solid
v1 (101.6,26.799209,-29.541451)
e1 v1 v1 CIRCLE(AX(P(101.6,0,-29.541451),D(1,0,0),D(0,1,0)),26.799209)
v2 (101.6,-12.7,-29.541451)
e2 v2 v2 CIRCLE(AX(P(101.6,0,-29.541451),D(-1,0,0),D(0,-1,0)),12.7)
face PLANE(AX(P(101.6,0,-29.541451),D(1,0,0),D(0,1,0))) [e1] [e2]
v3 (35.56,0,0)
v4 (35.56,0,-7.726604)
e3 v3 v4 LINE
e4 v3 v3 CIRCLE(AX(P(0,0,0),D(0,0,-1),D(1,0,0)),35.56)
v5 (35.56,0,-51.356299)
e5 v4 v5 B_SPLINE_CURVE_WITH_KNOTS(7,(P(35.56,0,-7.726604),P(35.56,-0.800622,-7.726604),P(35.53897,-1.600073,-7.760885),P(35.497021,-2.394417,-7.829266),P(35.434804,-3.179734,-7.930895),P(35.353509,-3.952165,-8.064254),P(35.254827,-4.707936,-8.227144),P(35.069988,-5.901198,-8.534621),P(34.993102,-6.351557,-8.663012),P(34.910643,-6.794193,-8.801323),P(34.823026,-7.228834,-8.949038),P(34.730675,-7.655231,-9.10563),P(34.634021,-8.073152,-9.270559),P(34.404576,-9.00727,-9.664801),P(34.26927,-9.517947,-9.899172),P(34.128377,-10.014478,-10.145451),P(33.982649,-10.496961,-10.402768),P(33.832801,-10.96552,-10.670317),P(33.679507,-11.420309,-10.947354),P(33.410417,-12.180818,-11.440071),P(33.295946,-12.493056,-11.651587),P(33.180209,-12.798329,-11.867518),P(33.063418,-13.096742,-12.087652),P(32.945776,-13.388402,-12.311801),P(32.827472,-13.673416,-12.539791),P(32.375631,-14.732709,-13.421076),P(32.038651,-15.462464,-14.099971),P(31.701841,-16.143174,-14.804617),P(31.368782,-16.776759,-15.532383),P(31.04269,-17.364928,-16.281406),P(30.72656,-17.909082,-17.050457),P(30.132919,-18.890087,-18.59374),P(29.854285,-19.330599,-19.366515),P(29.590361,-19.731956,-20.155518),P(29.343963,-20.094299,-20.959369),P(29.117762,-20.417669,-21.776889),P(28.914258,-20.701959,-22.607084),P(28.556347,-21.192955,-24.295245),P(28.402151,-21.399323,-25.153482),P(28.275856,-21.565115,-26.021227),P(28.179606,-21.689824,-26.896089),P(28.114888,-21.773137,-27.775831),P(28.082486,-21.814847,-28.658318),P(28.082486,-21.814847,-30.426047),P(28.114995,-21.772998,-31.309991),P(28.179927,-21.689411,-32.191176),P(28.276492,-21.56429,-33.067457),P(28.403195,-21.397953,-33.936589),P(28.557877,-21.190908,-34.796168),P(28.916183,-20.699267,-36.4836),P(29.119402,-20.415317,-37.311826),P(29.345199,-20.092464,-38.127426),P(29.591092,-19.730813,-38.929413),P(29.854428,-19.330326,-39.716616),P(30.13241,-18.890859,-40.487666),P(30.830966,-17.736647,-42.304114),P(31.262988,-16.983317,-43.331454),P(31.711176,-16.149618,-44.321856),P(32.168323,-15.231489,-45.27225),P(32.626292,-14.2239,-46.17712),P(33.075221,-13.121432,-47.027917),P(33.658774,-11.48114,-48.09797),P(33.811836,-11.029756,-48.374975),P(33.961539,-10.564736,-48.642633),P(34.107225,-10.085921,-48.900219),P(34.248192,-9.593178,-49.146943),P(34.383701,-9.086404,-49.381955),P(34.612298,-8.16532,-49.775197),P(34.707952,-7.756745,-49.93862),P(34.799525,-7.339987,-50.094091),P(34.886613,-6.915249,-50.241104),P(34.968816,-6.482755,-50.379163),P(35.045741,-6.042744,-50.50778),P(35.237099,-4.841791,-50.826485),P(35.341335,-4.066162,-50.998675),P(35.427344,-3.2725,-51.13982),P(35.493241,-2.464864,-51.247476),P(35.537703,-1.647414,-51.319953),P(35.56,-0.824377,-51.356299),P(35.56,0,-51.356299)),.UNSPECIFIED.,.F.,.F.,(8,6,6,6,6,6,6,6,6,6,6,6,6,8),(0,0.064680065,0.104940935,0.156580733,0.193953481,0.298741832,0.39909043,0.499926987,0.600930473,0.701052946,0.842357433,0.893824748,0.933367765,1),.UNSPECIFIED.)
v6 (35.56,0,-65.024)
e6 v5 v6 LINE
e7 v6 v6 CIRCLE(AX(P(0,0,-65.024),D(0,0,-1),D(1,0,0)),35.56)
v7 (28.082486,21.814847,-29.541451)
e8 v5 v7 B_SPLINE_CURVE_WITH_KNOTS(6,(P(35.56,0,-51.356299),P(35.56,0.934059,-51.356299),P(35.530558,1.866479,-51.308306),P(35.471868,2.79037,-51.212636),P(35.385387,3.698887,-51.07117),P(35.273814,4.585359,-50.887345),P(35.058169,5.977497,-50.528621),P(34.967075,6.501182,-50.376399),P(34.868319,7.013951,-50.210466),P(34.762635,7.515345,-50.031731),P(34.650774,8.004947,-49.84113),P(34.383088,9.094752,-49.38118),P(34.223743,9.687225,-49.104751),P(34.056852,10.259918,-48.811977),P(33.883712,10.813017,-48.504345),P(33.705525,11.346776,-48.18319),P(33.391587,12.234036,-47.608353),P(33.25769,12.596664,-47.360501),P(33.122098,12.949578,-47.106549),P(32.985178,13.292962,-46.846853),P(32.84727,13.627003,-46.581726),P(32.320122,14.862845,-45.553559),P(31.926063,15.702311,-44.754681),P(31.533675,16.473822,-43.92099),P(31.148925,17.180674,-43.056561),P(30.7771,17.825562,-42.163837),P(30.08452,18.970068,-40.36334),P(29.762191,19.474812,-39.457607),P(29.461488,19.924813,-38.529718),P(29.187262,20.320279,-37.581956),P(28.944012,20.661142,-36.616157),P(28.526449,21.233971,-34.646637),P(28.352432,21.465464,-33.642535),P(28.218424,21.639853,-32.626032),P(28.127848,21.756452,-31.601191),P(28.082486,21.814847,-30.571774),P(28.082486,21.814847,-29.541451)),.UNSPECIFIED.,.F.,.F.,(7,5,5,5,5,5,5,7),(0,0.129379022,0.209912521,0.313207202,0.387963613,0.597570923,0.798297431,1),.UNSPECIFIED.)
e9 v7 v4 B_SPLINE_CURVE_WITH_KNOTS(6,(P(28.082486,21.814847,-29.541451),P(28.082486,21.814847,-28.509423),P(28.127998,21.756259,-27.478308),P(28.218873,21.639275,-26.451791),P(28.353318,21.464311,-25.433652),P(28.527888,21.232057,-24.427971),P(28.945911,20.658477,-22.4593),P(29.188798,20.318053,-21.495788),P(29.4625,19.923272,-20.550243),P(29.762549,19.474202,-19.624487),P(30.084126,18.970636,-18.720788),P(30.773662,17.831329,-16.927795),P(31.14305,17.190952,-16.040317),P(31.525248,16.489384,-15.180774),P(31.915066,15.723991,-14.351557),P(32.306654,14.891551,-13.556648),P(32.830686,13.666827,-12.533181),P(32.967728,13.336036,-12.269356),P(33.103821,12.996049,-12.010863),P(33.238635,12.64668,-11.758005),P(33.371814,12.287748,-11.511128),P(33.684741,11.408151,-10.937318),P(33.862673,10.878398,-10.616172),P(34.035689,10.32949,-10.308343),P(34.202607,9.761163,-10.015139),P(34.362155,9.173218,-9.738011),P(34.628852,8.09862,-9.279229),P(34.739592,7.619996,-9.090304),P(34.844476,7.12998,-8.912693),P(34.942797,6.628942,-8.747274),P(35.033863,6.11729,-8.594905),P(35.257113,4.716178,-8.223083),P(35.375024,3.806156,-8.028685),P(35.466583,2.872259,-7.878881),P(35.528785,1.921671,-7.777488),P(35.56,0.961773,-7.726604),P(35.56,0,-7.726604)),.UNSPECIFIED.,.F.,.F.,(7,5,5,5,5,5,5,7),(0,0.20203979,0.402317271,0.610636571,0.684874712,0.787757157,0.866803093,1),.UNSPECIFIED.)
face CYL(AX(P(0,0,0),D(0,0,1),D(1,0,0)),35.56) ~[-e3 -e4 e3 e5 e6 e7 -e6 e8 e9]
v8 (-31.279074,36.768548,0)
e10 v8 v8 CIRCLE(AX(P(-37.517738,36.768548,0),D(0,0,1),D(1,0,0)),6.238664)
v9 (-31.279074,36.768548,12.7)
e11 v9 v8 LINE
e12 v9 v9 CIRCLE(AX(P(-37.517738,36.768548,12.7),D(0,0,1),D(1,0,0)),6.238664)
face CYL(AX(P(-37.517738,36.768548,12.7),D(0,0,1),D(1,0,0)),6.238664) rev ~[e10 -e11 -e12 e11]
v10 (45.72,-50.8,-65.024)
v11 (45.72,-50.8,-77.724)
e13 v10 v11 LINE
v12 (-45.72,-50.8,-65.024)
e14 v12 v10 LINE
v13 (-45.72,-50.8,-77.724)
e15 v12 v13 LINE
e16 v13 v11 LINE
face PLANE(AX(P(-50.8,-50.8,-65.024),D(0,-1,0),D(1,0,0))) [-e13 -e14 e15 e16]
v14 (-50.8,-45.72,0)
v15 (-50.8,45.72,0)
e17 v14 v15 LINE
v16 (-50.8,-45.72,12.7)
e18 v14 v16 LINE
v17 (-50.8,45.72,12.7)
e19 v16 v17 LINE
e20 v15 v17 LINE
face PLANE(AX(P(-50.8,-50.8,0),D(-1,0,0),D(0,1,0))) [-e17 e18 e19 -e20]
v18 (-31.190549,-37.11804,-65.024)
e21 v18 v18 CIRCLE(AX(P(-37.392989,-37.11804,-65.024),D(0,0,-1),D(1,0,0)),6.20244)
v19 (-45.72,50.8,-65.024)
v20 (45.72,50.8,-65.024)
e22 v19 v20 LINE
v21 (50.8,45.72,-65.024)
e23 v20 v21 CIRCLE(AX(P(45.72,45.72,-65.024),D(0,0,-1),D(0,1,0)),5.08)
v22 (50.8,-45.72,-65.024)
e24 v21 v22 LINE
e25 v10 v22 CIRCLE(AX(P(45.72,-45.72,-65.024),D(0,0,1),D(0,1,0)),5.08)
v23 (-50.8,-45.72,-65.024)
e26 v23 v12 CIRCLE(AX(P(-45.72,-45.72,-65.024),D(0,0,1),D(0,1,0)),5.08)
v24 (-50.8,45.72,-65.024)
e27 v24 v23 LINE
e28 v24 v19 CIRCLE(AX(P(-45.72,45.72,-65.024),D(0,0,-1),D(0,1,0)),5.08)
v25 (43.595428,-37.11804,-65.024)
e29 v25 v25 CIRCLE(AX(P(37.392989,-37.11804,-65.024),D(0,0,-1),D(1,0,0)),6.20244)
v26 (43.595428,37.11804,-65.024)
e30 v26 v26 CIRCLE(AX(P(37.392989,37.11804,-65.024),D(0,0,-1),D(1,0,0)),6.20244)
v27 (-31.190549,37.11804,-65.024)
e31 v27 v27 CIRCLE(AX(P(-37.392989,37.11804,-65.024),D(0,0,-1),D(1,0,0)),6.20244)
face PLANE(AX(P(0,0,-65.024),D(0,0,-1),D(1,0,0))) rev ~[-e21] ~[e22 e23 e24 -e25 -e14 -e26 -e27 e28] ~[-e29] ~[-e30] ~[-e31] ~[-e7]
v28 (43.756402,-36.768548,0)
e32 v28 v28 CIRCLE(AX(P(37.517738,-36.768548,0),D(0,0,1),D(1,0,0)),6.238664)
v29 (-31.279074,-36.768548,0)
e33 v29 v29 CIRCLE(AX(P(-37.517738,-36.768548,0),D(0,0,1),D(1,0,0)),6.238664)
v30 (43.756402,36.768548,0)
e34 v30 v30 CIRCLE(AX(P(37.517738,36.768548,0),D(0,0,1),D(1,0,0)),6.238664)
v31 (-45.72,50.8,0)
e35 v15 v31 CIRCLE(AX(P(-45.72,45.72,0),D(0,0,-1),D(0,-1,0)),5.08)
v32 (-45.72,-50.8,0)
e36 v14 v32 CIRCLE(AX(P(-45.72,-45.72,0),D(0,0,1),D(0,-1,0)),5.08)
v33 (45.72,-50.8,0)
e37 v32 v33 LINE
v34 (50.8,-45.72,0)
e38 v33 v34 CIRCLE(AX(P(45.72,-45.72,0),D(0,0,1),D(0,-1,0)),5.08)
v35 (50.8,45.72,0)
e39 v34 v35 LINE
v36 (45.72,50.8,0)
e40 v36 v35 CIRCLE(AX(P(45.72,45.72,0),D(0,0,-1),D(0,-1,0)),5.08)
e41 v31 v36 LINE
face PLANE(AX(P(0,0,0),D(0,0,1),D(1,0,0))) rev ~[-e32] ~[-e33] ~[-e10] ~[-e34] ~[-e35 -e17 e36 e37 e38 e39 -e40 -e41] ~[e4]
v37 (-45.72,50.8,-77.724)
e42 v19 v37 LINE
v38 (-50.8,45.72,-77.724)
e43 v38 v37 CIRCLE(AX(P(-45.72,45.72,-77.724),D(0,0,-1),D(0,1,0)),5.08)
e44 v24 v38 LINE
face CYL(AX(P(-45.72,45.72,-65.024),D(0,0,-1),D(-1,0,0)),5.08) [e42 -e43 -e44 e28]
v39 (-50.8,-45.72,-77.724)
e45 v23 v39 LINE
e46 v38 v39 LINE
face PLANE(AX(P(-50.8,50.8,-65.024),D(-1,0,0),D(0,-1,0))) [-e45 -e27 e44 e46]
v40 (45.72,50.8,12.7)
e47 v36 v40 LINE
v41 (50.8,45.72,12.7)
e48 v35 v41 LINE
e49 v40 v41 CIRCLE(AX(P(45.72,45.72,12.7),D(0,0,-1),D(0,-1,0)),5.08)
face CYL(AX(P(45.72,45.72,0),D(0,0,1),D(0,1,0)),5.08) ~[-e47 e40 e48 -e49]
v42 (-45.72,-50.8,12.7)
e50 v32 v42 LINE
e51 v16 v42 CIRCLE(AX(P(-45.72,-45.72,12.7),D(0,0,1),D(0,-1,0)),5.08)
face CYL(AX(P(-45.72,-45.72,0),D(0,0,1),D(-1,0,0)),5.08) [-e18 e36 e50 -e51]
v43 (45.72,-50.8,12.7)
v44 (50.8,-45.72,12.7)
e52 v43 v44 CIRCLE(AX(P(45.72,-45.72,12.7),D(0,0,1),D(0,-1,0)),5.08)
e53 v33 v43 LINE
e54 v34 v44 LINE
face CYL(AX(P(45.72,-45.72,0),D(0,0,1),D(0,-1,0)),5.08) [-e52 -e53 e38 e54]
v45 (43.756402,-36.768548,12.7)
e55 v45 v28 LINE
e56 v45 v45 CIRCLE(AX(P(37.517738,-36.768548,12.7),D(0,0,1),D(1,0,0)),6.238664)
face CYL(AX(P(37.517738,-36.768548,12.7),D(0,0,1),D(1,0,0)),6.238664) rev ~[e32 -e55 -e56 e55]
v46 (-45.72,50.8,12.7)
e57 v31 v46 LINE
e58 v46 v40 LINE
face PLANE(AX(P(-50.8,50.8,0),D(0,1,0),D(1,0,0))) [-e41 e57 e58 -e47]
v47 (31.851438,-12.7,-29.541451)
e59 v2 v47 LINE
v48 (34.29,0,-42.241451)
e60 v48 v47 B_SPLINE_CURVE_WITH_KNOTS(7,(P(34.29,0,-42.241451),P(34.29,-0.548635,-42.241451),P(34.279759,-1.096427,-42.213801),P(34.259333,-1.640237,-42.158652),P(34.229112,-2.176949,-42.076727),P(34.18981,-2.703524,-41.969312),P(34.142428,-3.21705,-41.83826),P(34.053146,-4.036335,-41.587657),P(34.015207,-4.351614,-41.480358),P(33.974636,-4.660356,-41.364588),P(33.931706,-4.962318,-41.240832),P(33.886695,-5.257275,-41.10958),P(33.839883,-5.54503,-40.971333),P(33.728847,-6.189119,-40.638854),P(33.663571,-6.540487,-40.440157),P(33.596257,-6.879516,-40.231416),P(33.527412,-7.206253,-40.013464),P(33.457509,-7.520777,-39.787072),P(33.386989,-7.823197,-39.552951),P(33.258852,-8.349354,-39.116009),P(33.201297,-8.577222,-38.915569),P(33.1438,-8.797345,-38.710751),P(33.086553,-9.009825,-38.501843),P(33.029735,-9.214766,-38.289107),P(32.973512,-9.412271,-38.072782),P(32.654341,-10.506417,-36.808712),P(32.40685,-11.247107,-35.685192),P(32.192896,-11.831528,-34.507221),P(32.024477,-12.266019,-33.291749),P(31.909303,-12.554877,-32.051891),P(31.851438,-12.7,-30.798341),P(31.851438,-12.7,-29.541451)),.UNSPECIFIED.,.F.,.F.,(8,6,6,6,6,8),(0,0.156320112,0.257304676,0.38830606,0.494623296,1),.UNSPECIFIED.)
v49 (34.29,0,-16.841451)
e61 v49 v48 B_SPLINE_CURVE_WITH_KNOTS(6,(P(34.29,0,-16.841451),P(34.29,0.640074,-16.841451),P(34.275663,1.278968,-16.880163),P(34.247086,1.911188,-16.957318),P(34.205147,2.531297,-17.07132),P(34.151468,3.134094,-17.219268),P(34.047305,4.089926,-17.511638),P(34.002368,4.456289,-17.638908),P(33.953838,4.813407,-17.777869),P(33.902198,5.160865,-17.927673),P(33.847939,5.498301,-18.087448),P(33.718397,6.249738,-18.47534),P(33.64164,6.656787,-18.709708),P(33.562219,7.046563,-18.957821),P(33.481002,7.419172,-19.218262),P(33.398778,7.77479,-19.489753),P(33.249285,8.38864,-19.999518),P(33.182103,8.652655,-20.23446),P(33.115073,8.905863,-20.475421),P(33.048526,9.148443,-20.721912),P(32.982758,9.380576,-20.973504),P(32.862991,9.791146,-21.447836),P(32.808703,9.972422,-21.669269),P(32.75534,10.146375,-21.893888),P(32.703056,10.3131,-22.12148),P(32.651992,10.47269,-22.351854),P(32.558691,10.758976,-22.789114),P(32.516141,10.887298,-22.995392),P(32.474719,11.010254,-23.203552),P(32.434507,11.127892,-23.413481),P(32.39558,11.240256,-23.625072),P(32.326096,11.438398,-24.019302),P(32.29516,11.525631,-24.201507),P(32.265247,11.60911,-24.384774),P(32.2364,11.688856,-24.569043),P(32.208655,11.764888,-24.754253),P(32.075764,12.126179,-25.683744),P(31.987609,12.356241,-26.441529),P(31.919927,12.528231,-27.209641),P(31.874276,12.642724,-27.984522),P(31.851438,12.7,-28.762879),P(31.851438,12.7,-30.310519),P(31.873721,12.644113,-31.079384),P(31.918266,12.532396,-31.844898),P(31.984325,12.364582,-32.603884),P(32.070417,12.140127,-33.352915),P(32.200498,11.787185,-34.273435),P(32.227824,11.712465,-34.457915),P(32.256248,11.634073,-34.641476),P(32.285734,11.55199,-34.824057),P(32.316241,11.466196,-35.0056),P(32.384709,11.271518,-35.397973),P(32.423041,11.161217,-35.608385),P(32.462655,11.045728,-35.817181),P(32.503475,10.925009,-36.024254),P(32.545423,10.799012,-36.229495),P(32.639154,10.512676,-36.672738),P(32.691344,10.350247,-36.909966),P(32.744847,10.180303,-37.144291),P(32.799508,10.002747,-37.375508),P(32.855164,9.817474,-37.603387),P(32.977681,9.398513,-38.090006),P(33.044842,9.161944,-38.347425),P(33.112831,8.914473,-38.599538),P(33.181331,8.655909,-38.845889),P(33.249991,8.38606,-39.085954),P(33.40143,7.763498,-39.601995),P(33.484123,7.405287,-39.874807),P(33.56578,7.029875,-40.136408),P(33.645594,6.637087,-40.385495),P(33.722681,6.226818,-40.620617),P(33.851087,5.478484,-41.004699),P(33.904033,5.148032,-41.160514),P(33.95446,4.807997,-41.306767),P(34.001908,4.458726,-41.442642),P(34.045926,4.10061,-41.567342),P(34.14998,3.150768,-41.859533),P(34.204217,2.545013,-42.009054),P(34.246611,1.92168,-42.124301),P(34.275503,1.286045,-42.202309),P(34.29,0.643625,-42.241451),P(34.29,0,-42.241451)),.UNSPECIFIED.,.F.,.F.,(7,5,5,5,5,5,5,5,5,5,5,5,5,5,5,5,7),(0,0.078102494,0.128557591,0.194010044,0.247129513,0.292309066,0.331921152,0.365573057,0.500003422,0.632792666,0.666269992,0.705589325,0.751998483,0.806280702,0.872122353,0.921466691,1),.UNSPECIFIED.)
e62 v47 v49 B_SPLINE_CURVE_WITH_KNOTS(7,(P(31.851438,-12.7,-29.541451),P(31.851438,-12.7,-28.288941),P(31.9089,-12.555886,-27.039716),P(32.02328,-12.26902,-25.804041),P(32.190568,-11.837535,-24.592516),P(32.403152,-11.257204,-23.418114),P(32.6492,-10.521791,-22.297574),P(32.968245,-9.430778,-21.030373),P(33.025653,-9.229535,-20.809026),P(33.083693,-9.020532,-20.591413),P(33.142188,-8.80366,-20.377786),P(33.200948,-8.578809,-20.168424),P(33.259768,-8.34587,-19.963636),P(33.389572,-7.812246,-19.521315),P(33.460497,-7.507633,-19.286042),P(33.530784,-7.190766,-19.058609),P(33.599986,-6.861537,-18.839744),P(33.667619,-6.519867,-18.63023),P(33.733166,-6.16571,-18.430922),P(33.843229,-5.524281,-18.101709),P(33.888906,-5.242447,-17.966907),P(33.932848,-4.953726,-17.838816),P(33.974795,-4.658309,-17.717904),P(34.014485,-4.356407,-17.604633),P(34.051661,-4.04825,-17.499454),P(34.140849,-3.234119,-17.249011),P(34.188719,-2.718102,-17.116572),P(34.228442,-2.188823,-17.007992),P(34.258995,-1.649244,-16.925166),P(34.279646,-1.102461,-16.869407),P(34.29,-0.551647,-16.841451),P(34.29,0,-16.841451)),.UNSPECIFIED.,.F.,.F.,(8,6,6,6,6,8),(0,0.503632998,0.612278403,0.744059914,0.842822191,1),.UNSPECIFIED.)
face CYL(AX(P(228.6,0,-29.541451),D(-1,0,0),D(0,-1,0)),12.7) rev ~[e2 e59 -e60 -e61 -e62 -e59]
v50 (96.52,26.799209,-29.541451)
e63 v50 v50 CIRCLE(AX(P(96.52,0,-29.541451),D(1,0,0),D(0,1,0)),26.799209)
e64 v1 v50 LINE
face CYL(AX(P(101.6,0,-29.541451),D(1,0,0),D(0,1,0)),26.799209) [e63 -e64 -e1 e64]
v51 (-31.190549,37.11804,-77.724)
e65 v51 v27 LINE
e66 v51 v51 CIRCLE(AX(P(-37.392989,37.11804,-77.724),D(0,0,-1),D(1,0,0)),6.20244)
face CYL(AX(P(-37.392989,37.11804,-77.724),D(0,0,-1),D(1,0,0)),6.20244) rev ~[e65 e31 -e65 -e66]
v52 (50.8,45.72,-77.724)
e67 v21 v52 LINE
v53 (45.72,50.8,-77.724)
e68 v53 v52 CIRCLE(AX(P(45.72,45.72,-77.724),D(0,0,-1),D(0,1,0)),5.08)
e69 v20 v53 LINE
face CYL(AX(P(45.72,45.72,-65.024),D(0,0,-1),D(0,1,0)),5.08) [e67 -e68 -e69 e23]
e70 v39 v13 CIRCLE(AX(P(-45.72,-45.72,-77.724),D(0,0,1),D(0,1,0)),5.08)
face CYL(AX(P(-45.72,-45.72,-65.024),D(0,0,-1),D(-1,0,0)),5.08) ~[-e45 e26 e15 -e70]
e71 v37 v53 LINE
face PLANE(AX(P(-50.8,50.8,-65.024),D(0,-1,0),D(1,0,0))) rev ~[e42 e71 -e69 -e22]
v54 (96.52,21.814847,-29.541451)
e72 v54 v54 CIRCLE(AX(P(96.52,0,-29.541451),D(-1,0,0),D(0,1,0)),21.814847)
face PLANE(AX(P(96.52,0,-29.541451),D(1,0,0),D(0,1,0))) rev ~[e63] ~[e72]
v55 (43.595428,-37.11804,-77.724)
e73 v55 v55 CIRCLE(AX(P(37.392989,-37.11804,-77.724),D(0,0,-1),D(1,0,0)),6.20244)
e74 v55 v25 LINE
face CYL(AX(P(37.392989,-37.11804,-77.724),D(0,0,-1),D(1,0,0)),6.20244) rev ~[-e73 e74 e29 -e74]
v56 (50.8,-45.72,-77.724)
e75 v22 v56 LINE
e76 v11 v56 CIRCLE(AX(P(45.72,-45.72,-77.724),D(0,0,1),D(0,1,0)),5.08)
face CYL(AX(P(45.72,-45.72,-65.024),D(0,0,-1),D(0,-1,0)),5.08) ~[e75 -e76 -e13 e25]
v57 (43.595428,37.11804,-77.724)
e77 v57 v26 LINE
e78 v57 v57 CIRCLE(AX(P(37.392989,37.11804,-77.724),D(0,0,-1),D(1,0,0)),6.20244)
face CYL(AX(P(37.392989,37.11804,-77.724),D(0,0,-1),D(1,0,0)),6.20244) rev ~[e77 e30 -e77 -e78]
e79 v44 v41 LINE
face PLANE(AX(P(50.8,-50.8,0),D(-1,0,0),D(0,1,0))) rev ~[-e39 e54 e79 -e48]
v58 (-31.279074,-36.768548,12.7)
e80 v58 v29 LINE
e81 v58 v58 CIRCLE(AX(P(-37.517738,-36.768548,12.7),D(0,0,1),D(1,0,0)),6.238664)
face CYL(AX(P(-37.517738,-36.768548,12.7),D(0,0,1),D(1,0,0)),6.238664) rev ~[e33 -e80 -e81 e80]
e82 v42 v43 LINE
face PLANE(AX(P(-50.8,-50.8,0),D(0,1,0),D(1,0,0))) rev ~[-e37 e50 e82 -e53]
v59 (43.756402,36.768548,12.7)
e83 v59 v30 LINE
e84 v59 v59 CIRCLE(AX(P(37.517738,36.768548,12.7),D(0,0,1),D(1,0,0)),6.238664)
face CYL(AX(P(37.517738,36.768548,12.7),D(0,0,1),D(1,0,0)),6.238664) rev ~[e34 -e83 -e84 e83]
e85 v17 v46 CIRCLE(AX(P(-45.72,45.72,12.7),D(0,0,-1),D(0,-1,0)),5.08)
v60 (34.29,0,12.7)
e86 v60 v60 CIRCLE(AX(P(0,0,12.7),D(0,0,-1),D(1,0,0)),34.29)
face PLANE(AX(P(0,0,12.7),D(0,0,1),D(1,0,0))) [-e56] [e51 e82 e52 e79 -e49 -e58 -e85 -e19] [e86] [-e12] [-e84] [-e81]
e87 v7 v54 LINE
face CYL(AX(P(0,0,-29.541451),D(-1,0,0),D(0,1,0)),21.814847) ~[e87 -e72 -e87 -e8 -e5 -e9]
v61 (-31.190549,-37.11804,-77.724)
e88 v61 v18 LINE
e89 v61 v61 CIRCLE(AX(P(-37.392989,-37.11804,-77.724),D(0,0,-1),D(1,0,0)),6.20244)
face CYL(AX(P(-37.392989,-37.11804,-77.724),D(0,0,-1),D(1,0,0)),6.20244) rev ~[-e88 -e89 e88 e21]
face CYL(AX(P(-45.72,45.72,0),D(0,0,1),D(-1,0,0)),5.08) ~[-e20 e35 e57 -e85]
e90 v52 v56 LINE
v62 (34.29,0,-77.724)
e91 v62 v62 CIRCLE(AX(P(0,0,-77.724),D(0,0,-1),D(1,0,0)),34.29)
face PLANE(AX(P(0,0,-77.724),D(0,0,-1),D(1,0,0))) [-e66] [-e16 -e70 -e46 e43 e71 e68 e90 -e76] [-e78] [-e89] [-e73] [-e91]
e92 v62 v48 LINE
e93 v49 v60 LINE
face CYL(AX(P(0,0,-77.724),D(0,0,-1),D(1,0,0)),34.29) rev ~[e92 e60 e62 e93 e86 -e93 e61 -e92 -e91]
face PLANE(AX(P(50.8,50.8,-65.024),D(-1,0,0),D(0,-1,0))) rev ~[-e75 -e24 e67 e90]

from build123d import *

# Parameters (mm, degrees)
F0_W      = 101.6
F0_H      = 101.6
F1_DEPTH  = 12.7
F2_R      = 35.56
F3_DEPTH  = 65.024
F4_W      = 101.6
F4_H      = 101.6
F4_R      = 35.56
F5_DEPTH  = 12.7
F6_R      = 5.08
F7_R      = 21.814847108
F8_DEPTH  = 101.6
F9_R      = 26.7992092516
F10_DEPTH = 5.08
F11_D     = 25.4
F11_DEPTH = 127
F11_TIP   = 7.6309298617
F12_R     = 34.29
F13_DEPTH = 91.44
F14_R     = 6.2386640532
F15_DEPTH = 12.7
F16_R     = 6.2024396885
F17_DEPTH = 12.7


with BuildPart() as f1:
    # F0 (on Top) → F1 (new body)
    with BuildSketch(Plane.XY):
        Rectangle(F0_W, F0_H)
    extrude(amount=F1_DEPTH)

    # F2 (on face) → F3 (join)
    with BuildSketch(Plane(origin=(0, 0, 0), x_dir=(1, 0, 0), z_dir=(0, 0, -1))):
        Circle(F2_R)
    extrude(amount=F3_DEPTH)

    # F4 (on face) → F5 (join)
    with BuildSketch(Plane(origin=(0, 0, -65.024), x_dir=(1, 0, 0), z_dir=(0, 0, -1))):
        Rectangle(F4_W, F4_H)
        Circle(F4_R, mode=Mode.SUBTRACT)
        Circle(F4_R)
    extrude(amount=F5_DEPTH)

    # F6
    f6_edges = [f1.edges().sort_by_distance(p)[0] for p in [
        (50.8, -50.8, 6.35),
        (-50.8, -50.8, 6.35),
        (50.8, 50.8, 6.35),
        (-50.8, 50.8, 6.35),
        (-50.8, 50.8, -71.374),
        (50.8, 50.8, -71.374),
        (50.8, -50.8, -71.374),
        (-50.8, -50.8, -71.374),
    ]]
    fillet(f6_edges, radius=F6_R)

    # F7 (on Right) → F8 (join)
    with BuildSketch(Plane.YZ):
        with Locations((0, -29.541451484)):
            Circle(F7_R)
    extrude(amount=F8_DEPTH)

    # F9 (on face) → F10 (join)
    with BuildSketch(Plane.YZ.offset(101.6)):
        with Locations((0, -29.541451484)):
            Circle(F9_R)
    extrude(amount=-F10_DEPTH)

    # F11
    with Locations(Plane.YZ.offset(101.6)):
        with Locations((0, -29.541451484)):
            Hole(F11_D / 2, depth=F11_DEPTH)
            with Locations((0, 0, -(F11_DEPTH + F11_TIP / 2))):  # 118° drill point
                Cone(0, F11_D / 2, F11_TIP, mode=Mode.SUBTRACT)

    # F12 (on face) → F13 (cut)
    with BuildSketch(Plane(origin=(0, 0, -77.724), x_dir=(1, 0, 0), z_dir=(0, 0, -1))):
        Circle(F12_R)
    extrude(amount=-F13_DEPTH, mode=Mode.SUBTRACT)

    # F14 (on face) → F15 (cut)
    with BuildSketch(Plane.XY.offset(12.7)):
        with Locations((-37.5177375972, 36.7685481906)):
            Circle(F14_R)
        with Locations((-37.5177375972, -36.7685481906)):
            Circle(F14_R)
        with Locations((37.5177375972, 36.7685481906)):
            Circle(F14_R)
        with Locations((37.5177375972, -36.7685481906)):
            Circle(F14_R)
    extrude(amount=-F15_DEPTH, mode=Mode.SUBTRACT)

    # F16 (on face) → F17 (cut)
    with BuildSketch(Plane(origin=(0, 0, -77.724), x_dir=(1, 0, 0), z_dir=(0, 0, -1))):
        with Locations((-37.392988801, 37.1180400252)):
            Circle(F16_R)
        with Locations((37.392988801, 37.1180400252)):
            Circle(F16_R)
        with Locations((-37.392988801, -37.1180400252)):
            Circle(F16_R)
        with Locations((37.392988801, -37.1180400252)):
            Circle(F16_R)
    extrude(amount=-F17_DEPTH, mode=Mode.SUBTRACT)


solid = f1.part
